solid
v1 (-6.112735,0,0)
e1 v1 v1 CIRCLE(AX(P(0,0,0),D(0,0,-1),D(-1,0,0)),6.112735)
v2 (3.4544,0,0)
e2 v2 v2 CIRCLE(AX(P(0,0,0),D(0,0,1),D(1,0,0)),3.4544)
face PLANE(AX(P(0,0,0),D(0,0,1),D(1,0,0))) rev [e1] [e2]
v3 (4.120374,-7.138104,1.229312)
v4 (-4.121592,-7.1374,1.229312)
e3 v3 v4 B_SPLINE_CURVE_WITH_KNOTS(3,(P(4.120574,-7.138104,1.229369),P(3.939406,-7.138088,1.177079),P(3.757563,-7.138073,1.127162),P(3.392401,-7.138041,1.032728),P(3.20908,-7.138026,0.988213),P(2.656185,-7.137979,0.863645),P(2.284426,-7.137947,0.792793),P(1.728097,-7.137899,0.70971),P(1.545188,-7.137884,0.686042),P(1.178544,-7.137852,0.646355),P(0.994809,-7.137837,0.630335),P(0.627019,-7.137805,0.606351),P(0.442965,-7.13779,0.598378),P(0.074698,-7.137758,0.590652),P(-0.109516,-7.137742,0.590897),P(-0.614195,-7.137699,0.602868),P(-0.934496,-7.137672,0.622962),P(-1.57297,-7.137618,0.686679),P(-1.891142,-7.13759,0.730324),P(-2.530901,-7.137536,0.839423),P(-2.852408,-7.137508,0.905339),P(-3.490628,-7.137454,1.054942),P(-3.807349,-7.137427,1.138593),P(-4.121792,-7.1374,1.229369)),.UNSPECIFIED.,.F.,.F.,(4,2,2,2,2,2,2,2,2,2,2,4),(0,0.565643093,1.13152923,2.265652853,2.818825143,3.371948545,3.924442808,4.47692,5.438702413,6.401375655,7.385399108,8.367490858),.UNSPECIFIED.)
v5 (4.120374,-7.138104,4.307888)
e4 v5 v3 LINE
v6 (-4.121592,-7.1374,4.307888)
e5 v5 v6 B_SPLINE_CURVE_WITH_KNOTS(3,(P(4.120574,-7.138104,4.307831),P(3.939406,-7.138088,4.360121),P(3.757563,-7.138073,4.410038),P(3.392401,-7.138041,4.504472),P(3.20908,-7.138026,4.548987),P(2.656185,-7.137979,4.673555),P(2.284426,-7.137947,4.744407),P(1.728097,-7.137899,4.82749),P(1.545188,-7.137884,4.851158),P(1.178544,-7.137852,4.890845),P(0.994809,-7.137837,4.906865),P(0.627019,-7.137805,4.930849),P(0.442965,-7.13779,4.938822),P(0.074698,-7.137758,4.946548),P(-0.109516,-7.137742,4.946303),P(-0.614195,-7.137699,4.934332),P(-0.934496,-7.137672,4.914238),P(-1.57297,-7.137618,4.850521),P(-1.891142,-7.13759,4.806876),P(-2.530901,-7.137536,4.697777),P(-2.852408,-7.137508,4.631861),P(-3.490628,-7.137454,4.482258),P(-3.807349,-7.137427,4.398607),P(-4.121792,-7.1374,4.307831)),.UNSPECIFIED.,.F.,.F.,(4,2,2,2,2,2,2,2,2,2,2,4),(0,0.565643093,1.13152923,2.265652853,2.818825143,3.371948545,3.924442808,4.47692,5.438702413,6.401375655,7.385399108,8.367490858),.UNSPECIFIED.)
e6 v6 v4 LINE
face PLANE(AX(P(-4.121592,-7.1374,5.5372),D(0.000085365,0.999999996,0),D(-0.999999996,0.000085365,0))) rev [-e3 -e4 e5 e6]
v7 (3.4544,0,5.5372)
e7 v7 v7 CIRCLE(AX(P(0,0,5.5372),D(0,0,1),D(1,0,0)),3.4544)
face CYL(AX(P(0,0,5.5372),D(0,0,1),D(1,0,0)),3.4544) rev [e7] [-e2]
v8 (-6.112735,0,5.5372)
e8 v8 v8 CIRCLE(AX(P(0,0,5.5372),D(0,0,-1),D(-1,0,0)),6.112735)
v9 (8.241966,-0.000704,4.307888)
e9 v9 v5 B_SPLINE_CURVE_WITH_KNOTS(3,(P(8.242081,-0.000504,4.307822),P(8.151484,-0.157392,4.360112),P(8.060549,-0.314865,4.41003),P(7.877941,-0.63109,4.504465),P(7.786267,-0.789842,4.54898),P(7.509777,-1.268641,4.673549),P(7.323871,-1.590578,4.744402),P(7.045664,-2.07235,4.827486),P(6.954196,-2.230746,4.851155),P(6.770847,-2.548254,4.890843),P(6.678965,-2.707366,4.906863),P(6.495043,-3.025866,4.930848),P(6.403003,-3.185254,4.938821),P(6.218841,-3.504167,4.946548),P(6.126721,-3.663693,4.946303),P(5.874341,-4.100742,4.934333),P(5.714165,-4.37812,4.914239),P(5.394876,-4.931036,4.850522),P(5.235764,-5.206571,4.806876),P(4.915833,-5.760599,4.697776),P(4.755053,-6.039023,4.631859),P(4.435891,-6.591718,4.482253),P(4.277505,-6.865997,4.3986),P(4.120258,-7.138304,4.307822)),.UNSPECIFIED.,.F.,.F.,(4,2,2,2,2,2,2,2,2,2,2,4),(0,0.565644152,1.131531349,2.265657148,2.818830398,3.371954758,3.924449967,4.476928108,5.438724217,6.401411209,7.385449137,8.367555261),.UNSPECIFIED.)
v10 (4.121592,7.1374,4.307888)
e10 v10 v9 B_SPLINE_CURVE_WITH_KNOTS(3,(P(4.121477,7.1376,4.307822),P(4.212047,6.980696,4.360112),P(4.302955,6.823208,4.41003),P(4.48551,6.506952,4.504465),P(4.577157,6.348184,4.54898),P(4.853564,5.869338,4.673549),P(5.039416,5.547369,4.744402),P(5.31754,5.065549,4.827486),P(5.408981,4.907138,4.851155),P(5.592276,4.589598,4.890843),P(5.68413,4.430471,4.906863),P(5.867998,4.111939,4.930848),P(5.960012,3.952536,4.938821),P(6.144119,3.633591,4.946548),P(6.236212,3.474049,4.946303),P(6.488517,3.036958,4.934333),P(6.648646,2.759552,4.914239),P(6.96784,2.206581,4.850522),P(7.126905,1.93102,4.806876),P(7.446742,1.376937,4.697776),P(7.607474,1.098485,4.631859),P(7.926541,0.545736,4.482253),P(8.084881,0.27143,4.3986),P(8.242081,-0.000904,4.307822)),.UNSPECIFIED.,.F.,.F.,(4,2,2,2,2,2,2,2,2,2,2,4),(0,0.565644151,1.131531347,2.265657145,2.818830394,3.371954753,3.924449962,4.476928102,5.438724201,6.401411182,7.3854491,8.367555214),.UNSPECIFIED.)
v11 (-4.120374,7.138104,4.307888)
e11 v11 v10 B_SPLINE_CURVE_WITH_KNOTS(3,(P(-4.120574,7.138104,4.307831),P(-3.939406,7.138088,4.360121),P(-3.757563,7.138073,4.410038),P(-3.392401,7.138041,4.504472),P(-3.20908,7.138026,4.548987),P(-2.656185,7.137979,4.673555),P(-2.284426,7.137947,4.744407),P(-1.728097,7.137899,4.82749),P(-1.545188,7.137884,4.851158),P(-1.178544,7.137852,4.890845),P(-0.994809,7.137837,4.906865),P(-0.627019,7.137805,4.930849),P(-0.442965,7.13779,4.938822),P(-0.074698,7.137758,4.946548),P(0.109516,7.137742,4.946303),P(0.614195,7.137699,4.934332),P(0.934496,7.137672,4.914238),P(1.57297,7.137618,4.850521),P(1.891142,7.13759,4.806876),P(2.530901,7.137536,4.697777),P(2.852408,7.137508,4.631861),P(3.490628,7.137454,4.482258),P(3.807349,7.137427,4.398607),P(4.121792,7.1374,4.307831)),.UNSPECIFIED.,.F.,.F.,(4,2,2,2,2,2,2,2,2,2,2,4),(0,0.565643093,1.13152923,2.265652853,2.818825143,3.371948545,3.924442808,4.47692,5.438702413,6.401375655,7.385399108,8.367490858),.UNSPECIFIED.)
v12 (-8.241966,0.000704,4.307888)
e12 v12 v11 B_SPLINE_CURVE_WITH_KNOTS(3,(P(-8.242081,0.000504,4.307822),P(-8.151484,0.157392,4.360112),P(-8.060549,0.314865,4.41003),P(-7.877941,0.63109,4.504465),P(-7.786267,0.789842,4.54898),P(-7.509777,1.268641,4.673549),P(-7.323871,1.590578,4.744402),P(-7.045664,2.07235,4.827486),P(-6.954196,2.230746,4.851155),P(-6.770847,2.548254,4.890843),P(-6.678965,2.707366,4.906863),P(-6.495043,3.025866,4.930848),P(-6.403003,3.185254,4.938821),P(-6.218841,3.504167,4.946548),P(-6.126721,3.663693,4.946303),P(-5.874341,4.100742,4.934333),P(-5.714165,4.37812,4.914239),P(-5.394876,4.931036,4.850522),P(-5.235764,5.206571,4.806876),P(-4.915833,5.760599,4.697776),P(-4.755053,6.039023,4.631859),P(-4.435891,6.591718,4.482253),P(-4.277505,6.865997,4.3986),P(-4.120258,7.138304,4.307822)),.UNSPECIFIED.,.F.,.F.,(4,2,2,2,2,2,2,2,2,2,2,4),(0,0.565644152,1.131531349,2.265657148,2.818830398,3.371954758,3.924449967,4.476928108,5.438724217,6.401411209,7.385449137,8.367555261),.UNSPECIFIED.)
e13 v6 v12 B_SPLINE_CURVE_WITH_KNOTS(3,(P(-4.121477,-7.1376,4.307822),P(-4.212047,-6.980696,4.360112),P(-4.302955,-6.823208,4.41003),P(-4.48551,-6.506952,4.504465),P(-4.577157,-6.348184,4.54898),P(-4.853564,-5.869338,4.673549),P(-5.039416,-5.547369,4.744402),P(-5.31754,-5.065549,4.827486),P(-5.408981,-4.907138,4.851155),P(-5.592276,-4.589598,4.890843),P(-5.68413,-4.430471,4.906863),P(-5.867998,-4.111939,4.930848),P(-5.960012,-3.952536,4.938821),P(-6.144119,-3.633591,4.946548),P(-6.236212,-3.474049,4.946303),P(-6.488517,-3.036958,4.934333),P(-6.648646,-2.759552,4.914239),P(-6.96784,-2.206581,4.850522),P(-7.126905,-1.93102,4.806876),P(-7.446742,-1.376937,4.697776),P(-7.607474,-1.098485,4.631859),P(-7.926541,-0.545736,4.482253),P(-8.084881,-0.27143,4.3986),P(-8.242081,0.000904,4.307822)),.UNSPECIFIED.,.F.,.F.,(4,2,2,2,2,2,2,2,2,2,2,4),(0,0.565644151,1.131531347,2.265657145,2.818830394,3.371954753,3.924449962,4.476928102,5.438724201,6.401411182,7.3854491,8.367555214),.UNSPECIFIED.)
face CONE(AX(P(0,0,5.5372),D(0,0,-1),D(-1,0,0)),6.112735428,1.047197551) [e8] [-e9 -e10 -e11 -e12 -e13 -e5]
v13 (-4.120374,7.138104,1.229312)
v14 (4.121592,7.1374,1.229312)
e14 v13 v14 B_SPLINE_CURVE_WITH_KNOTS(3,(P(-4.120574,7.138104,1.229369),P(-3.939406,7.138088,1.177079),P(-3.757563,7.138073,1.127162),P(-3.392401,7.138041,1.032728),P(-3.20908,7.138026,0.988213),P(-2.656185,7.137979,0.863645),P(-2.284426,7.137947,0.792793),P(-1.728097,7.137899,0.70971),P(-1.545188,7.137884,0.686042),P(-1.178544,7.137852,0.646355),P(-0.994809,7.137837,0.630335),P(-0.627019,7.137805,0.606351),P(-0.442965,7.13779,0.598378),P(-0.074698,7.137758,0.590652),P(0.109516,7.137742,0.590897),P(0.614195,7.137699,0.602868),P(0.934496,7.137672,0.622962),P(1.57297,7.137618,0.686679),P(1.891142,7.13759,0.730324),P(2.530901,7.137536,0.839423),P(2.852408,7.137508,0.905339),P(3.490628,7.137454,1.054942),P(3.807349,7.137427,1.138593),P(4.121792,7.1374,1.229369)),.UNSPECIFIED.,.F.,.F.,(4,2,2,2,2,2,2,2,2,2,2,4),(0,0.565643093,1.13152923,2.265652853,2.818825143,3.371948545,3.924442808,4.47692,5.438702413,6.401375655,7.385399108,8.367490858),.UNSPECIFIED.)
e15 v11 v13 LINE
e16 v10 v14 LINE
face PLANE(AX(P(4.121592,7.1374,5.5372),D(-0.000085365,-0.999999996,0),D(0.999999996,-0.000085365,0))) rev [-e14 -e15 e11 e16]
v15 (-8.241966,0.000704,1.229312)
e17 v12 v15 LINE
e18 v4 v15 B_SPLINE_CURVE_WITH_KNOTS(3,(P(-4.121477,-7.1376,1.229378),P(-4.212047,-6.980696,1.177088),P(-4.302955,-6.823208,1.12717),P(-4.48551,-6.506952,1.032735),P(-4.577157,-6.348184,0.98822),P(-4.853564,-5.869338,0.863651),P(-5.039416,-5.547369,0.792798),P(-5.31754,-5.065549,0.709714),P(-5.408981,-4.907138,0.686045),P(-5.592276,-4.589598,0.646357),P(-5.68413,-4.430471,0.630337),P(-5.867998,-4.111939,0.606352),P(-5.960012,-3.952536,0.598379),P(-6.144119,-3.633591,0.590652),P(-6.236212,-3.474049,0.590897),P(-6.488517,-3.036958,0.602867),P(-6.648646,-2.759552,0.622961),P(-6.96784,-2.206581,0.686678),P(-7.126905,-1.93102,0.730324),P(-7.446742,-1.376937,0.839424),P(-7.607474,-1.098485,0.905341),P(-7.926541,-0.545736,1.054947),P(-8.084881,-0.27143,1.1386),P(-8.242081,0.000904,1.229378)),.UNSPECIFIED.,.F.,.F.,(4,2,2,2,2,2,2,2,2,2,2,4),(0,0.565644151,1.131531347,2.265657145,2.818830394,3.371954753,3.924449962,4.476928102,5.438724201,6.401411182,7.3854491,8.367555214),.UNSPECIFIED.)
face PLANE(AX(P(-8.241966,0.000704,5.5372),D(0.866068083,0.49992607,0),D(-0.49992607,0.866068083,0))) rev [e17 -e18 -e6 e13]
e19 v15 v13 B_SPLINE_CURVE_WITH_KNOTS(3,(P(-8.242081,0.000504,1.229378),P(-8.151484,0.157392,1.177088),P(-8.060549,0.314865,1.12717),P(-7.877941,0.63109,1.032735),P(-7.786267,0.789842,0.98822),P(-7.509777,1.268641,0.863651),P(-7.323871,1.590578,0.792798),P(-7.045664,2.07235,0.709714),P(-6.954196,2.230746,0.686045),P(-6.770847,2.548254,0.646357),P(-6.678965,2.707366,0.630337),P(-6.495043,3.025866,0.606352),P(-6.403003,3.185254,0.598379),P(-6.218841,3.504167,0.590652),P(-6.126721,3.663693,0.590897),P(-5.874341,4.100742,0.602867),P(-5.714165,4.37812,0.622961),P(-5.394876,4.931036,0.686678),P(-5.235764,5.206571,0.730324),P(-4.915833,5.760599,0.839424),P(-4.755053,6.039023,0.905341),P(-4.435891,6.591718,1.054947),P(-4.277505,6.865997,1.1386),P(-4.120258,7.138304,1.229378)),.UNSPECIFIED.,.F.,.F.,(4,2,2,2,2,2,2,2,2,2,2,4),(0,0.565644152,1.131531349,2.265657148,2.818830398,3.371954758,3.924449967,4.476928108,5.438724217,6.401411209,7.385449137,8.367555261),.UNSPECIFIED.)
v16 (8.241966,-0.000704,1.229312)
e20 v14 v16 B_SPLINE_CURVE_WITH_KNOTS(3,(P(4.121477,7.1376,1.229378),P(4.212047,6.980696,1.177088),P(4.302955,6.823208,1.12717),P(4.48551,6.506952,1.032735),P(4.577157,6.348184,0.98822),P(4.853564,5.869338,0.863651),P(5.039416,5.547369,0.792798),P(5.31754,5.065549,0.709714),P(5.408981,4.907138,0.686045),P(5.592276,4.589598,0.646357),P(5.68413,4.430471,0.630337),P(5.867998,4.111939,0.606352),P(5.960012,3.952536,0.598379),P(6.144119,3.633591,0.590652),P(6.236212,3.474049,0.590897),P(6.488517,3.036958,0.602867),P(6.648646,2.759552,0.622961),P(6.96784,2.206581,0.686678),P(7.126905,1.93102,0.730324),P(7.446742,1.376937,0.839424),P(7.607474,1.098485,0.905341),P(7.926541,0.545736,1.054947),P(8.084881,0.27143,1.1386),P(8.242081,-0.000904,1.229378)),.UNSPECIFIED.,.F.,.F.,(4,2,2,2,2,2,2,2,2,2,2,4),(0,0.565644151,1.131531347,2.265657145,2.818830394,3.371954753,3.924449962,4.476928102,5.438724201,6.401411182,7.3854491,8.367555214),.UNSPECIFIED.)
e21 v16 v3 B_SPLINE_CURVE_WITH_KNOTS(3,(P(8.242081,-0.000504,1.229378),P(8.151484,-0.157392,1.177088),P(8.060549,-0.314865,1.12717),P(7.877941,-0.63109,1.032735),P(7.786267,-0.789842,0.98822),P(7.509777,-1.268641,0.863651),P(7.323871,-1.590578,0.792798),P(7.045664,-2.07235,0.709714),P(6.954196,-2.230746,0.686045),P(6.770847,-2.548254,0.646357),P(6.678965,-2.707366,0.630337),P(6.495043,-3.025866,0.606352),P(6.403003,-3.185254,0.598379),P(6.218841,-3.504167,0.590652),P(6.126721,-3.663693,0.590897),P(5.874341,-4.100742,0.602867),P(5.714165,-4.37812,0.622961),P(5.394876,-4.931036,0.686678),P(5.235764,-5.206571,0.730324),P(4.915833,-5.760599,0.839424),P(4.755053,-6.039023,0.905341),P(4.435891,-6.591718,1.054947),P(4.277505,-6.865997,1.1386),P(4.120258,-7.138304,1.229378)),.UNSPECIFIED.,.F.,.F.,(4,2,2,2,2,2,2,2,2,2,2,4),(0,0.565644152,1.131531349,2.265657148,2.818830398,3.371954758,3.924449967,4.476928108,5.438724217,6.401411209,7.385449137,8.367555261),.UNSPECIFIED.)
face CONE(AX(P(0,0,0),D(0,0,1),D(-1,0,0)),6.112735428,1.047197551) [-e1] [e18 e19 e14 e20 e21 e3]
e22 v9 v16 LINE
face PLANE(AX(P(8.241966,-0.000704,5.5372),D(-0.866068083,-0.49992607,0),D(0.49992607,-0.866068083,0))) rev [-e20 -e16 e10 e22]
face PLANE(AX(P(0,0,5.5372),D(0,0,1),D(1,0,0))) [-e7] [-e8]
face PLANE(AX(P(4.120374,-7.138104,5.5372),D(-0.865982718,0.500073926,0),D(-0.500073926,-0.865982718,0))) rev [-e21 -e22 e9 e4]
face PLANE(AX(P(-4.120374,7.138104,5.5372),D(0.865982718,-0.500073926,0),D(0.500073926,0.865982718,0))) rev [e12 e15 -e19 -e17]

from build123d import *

# Parameters (mm, degrees)
BOSS_EXTRUDE1_DEPTH          = 5.5372
SKETCH6_OUTSIDE_W            = 68.81
SKETCH6_OUTSIDE_H            = 66.602
SKETCH6_OUTSIDE_R            = 6.112735428
CUT_EXTRUDE4_DEPTH           = 13.228781918
CUT_EXTRUDE4_DRAFT           = -60
MIRROR1_COPY_1_SKETCH_W      = 68.81
MIRROR1_COPY_1_SKETCH_H      = 66.602
MIRROR1_COPY_1_SKETCH_R      = 6.112735428
MIRROR1_COPY_1_DEPTH         = 13.228781918
MIRROR1_COPY_1_DRAFT         = -60
F_5_16_24_TAPPED_HOLE2_D     = 6.9088
F_5_16_24_TAPPED_HOLE2_DEPTH = 21.336
F_5_16_24_TAPPED_HOLE2_TIP   = 2.075612922


with BuildPart() as part:
    # Sketch1 → Boss-Extrude1 (new body)
    with BuildSketch(Plane.XY):
        Polygon((4.121592226, 7.1374), (-4.120373604, 7.138103572), (-8.24196583, 0.000703572), (-4.121592226, -7.1374), (4.120373604, -7.138103572), (8.24196583, -0.000703572), align=None)
    extrude(amount=BOSS_EXTRUDE1_DEPTH)


with BuildPart() as cut_extrude4_tool:
    # Sketch6 outside → Cut-Extrude4 (with draft: the straight prism first)
    with BuildSketch(Plane(origin=(0, 0, 0), x_dir=(-1, 0, 0), z_dir=(0, 0, -1))):
        Rectangle(SKETCH6_OUTSIDE_W, SKETCH6_OUTSIDE_H)
        Circle(SKETCH6_OUTSIDE_R, mode=Mode.SUBTRACT)
    extrude(amount=-CUT_EXTRUDE4_DEPTH)
    # Cut-Extrude4: the draft: its side faces are tilted about the plane it starts from
    cut_extrude4_sides = [cut_extrude4_tool.faces().sort_by_distance(p)[0] for p in [
        (0, -33.301, 6.614390959),
        (-34.405, 0, 6.614390959),
        (0, 33.301, 6.614390959),
        (34.405, 0, 6.614390959),
        (6.112735428, 0, 6.614390959),
    ]]
    draft(cut_extrude4_sides, Plane(origin=(0, 0, 0), x_dir=(-1, 0, 0), z_dir=(0, 0, -1)), CUT_EXTRUDE4_DRAFT)


with BuildPart() as part_1:
    add(part.part)

    # Cut-Extrude4: cut by cut_extrude4_tool
    add(cut_extrude4_tool.part, mode=Mode.SUBTRACT)


with BuildPart() as mirror1_copy_1_tool:
    # Mirror1 copy 1 sketch → Mirror1 copy 1 (with draft: the straight prism first)
    with BuildSketch(Plane(origin=(0, 0, 5.5372), x_dir=(-1, 0, 0), z_dir=(0, 0, 1))):
        Rectangle(MIRROR1_COPY_1_SKETCH_W, MIRROR1_COPY_1_SKETCH_H)
        Circle(MIRROR1_COPY_1_SKETCH_R, mode=Mode.SUBTRACT)
    extrude(amount=-MIRROR1_COPY_1_DEPTH)
    # Mirror1 copy 1: the draft: its side faces are tilted about the plane it starts from
    mirror1_copy_1_sides = [mirror1_copy_1_tool.faces().sort_by_distance(p)[0] for p in [
        (0, -33.301, -1.077190959),
        (-34.405, 0, -1.077190959),
        (0, 33.301, -1.077190959),
        (34.405, 0, -1.077190959),
        (6.112735428, 0, -1.077190959),
    ]]
    draft(mirror1_copy_1_sides, Plane(origin=(0, 0, 5.5372), x_dir=(-1, 0, 0), z_dir=(0, 0, 1)), MIRROR1_COPY_1_DRAFT)


with BuildPart() as part_2:
    add(part_1.part)

    # Mirror1 copy 1: cut by mirror1_copy_1_tool
    add(mirror1_copy_1_tool.part, mode=Mode.SUBTRACT)

    # 5/16-24 Tapped Hole2
    with Locations(Plane.XY.offset(5.5372)):
        with Locations((0, 0)):
            Hole(F_5_16_24_TAPPED_HOLE2_D / 2, depth=F_5_16_24_TAPPED_HOLE2_DEPTH)
            with Locations((0, 0, -(F_5_16_24_TAPPED_HOLE2_DEPTH + F_5_16_24_TAPPED_HOLE2_TIP / 2))):  # 118° drill point
                Cone(0, F_5_16_24_TAPPED_HOLE2_D / 2, F_5_16_24_TAPPED_HOLE2_TIP, mode=Mode.SUBTRACT)


solid = part_2.part
